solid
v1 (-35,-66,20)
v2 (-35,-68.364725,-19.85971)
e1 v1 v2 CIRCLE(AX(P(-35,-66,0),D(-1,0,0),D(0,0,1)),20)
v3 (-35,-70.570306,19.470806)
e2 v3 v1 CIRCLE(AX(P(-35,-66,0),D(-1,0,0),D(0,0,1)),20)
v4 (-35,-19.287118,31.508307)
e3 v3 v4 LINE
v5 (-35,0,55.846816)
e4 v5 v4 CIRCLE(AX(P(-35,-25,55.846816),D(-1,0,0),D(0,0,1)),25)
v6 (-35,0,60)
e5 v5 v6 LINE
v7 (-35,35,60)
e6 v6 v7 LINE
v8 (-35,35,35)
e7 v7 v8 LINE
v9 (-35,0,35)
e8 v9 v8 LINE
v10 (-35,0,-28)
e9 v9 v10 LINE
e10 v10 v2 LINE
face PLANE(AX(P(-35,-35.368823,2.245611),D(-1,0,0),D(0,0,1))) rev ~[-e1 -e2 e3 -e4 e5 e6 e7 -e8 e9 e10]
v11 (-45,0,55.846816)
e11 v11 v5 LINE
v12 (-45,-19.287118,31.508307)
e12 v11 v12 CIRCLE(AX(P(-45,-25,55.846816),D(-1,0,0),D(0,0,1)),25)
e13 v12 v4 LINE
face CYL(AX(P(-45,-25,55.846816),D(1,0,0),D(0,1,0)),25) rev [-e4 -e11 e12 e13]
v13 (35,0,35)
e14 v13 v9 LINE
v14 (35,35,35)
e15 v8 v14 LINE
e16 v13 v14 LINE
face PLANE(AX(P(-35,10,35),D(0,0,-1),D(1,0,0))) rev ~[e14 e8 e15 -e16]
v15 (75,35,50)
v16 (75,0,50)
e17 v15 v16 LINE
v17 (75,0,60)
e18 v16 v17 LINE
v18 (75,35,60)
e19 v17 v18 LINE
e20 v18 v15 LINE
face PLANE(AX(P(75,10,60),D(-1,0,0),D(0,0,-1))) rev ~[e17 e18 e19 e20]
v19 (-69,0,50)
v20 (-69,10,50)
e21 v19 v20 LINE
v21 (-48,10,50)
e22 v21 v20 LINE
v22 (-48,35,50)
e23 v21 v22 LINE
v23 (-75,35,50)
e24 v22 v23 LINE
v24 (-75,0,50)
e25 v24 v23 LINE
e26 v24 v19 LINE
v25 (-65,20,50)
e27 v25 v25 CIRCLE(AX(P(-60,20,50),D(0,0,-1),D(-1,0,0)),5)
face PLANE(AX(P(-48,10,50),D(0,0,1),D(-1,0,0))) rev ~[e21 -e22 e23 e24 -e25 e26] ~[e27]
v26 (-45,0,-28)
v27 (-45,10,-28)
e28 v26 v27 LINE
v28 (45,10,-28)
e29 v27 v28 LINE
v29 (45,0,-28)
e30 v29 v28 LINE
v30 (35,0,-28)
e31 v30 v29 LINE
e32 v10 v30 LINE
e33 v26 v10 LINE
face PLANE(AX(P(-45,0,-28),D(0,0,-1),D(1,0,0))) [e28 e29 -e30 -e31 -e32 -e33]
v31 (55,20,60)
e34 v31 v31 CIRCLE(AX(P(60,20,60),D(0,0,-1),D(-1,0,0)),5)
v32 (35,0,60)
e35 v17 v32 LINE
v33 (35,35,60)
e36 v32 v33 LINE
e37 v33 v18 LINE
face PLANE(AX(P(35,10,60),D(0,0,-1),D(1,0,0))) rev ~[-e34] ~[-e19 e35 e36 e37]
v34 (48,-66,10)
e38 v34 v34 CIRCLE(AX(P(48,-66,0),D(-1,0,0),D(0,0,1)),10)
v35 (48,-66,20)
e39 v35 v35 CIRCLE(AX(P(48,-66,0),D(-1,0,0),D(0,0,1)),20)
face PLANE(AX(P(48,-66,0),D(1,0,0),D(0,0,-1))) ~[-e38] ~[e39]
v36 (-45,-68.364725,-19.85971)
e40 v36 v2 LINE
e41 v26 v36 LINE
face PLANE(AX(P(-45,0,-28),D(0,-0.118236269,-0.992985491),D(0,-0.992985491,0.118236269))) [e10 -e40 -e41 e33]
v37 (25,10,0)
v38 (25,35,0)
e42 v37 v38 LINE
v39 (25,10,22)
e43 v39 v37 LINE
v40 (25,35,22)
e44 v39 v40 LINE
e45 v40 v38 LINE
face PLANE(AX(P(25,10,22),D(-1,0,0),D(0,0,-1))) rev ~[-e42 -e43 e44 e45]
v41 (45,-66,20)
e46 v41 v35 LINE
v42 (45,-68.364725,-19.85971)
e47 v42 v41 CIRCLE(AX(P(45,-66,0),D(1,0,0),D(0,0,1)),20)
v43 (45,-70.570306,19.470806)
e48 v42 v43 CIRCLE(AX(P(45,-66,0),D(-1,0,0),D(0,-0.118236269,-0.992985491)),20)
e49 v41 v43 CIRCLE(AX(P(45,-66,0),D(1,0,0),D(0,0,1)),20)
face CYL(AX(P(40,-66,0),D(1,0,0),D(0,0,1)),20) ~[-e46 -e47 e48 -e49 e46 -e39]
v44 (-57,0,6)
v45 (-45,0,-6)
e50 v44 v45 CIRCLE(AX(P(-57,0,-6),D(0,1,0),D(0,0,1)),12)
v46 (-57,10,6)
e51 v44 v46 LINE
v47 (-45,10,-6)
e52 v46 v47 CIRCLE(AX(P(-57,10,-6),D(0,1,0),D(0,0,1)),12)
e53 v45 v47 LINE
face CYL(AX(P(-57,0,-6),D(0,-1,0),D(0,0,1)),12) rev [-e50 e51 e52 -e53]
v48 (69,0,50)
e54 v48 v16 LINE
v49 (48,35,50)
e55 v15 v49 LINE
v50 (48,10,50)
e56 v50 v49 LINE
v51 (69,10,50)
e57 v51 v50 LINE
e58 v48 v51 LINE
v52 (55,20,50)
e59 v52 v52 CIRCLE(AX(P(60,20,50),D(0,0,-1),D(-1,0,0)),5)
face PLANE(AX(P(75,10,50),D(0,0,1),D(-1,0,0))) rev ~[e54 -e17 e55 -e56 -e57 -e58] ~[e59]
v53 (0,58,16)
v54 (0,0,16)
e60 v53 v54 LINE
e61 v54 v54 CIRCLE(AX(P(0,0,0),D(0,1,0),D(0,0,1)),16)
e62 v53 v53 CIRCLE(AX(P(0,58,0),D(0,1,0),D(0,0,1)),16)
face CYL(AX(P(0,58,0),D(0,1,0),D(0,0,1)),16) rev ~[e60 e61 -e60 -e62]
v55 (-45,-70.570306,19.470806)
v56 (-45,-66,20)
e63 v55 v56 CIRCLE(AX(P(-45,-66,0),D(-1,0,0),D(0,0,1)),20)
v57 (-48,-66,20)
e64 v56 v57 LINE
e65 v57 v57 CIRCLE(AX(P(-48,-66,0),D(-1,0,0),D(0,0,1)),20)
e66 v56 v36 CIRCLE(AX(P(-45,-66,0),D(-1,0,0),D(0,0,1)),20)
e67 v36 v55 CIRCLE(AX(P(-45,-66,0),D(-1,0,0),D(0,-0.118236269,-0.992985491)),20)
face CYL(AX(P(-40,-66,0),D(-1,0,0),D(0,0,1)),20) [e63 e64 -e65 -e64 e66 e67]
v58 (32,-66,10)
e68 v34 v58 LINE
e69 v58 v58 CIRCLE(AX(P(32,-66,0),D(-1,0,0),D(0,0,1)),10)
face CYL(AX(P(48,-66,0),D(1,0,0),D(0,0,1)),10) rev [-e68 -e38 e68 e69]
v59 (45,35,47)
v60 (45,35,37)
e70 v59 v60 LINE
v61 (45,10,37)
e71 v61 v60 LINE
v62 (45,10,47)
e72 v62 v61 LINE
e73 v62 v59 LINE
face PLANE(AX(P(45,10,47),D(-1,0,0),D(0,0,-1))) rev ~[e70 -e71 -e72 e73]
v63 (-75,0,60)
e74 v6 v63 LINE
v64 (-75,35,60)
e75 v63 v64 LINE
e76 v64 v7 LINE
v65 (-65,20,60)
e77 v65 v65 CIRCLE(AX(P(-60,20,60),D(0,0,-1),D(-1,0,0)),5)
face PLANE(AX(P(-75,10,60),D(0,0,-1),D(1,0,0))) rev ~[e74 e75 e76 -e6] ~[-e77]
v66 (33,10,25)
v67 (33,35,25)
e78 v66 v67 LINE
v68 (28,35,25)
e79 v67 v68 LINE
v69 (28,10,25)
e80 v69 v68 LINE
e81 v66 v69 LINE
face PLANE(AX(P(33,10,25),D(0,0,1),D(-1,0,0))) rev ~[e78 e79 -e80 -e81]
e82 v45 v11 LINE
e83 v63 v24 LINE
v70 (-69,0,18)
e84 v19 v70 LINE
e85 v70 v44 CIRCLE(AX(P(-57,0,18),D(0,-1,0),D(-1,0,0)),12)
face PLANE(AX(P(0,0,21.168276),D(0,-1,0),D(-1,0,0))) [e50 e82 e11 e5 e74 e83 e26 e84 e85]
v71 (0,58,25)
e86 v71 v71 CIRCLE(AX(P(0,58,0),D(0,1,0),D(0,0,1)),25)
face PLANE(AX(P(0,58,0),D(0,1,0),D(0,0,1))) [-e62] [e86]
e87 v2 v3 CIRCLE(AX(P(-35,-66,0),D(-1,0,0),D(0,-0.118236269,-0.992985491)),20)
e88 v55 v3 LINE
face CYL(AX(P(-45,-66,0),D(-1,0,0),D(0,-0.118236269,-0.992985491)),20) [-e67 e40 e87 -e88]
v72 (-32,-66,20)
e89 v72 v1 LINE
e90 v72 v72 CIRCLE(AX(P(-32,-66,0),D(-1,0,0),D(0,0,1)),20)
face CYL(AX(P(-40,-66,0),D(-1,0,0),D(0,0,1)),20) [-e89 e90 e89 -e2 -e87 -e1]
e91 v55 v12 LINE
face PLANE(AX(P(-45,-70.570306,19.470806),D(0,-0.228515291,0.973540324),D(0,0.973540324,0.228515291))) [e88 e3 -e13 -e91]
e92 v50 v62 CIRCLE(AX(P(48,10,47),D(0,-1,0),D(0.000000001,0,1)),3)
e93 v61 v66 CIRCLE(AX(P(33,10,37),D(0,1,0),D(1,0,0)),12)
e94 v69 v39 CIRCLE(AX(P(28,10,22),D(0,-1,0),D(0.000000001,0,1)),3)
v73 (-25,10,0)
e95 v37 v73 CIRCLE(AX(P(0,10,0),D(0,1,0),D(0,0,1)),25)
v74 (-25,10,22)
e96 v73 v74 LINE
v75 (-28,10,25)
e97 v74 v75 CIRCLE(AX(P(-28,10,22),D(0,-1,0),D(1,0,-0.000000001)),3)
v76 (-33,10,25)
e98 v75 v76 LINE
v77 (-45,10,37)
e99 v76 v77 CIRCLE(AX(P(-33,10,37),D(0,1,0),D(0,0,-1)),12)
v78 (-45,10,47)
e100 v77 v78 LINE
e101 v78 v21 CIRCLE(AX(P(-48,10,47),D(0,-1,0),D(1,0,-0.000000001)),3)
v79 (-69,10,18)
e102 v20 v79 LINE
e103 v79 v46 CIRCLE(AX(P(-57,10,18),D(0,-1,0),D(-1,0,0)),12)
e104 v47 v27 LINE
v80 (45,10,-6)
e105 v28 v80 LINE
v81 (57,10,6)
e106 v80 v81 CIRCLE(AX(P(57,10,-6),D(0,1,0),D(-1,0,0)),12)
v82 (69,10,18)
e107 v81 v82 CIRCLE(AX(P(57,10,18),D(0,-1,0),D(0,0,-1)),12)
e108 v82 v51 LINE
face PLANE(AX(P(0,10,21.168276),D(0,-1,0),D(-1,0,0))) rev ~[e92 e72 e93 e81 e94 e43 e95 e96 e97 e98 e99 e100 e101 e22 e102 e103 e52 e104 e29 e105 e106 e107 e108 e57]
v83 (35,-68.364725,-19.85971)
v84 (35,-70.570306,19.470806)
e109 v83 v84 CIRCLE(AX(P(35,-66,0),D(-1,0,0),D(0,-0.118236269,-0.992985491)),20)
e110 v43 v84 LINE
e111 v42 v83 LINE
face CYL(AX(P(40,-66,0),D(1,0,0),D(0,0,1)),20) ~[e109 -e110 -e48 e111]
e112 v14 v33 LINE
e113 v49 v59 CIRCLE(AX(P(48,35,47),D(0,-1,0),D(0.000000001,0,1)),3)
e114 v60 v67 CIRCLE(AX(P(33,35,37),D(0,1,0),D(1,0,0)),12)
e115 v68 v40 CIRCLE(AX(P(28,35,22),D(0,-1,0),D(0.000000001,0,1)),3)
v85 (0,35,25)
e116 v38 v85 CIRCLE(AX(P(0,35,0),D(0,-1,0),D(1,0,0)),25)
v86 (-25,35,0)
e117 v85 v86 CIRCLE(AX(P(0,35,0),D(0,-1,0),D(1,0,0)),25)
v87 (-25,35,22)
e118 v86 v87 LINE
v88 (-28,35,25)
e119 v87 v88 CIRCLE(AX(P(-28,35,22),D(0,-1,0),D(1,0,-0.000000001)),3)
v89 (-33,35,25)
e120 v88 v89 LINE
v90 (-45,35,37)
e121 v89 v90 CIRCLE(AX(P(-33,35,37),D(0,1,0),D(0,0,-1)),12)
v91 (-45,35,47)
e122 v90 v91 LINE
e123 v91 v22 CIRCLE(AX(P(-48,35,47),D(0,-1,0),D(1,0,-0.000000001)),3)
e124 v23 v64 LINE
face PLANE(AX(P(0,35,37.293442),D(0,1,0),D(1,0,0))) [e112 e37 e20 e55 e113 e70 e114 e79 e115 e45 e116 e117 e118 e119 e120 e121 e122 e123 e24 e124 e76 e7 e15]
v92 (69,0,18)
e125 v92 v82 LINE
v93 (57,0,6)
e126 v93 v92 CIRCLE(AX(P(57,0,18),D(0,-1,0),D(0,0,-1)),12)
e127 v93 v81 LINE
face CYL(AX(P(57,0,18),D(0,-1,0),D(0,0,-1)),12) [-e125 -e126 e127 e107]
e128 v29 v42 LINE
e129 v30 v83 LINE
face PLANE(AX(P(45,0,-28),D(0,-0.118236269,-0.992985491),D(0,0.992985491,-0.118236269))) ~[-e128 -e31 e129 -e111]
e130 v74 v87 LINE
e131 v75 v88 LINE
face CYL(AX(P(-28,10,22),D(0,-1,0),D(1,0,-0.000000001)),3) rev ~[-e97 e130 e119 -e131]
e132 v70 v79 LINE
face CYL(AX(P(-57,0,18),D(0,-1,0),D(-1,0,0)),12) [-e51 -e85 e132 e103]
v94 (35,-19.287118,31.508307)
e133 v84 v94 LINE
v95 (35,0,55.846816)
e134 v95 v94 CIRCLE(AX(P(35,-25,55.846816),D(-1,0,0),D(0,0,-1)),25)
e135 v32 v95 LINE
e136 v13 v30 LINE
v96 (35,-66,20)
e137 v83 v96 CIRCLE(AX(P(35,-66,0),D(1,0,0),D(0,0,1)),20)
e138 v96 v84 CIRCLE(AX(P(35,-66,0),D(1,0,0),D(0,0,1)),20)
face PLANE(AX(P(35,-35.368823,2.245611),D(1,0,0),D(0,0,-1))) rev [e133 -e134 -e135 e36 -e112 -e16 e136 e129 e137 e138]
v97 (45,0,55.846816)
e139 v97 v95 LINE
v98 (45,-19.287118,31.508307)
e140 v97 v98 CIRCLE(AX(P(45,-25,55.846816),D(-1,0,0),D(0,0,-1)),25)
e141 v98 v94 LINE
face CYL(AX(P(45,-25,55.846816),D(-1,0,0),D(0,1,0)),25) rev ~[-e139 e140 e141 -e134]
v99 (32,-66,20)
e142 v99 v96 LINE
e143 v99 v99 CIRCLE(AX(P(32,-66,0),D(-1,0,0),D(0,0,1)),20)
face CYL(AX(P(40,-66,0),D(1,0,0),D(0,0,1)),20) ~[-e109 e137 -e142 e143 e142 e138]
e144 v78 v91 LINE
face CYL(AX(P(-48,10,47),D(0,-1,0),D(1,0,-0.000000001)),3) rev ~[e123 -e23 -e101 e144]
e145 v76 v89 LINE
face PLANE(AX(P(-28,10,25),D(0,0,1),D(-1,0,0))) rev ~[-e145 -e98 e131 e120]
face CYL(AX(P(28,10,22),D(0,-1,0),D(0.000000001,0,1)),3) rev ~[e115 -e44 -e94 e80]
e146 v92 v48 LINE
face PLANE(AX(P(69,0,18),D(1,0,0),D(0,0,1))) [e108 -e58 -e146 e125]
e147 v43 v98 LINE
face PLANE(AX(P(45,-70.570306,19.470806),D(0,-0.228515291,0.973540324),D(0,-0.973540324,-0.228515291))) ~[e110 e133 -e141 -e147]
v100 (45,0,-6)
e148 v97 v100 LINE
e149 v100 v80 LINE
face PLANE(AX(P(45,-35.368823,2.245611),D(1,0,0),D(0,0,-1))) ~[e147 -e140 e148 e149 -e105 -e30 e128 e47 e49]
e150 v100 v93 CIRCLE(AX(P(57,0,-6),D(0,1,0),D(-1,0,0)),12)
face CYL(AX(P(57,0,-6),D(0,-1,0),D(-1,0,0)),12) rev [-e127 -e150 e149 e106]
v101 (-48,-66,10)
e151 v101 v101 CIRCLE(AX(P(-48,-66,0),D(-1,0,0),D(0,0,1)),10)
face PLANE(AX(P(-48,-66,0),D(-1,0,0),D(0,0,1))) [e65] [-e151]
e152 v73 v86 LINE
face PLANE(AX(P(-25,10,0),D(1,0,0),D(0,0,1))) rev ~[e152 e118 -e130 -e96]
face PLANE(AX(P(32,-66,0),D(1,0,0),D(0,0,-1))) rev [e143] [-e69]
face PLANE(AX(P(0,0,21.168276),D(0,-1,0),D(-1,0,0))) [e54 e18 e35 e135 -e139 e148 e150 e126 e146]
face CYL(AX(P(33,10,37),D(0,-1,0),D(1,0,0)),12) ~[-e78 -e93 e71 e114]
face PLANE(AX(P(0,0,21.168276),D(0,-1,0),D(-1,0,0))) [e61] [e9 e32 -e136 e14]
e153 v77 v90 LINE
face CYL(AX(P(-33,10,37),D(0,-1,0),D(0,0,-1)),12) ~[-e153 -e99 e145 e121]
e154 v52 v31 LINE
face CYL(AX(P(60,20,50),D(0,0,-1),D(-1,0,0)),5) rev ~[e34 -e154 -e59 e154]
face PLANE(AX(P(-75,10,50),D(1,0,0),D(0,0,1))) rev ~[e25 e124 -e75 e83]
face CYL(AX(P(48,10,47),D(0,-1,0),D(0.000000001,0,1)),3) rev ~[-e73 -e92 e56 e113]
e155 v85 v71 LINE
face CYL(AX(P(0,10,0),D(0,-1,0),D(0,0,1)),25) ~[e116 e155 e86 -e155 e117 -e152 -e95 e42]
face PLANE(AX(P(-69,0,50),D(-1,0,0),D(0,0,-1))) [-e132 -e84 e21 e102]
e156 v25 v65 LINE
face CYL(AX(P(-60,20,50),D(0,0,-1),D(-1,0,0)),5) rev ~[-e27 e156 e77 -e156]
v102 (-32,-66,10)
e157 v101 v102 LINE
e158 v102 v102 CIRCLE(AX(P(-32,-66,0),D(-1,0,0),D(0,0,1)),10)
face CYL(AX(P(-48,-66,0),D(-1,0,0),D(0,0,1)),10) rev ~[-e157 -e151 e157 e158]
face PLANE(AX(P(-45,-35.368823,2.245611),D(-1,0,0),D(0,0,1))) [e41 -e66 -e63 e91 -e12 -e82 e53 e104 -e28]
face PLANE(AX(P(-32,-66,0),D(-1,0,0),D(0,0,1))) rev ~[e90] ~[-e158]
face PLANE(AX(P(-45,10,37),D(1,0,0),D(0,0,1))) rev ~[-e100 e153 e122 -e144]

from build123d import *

# Parameters (mm, degrees)
BOSS_EXTRUDE1_DEPTH  = 10
SKETCH2_R            = 25
BOSS_EXTRUDE2_DEPTH  = 48
SKETCH3_R            = 16
CUT_EXTRUDE1_DEPTH   = 59
BOSS_EXTRUDE3_DEPTH  = 25
BOSS_EXTRUDE5_DEPTH  = 10
SKETCH6_R            = 20
BOSS_EXTRUDE6_DEPTH  = 8
SKETCH7_R            = 10
CUT_EXTRUDE2_DEPTH   = 16
FILLET1_R            = 25
FILLET1_OF_MIRROR1_R = 25
CUT_EXTRUDE3_REACH   = 12
SKETCH8_R            = 5


with BuildPart() as part:
    # Sketch1 → Boss-Extrude1 (new body)
    with BuildSketch(Plane(origin=(0, 0, 0), x_dir=(1, 0, 0), z_dir=(0, 1, 0))):
        with BuildLine():
            Line((-45, 28), (45, 28))
            Line((45, 28), (45, 6))
            ThreePointArc((45, 6), (48.514718626, -2.485281374), (57, -6))
            ThreePointArc((57, -6), (65.485281374, -9.514718626), (69, -18))
            Line((69, -18), (69, -50))
            Line((69, -50), (75, -50))
            Line((75, -50), (75, -60))
            Line((75, -60), (35, -60))
            Line((35, -60), (35, -35))
            Line((35, -35), (-35, -35))
            Line((-35, -35), (-35, -60))
            Line((-35, -60), (-75, -60))
            Line((-75, -60), (-75, -50))
            Line((-75, -50), (-69, -50))
            Line((-69, -50), (-69, -18))
            ThreePointArc((-69, -18), (-65.485281374, -9.514718626), (-57, -6))
            ThreePointArc((-57, -6), (-48.514718626, -2.485281374), (-45, 6))
            Line((-45, 6), (-45, 28))
        make_face()
    extrude(amount=BOSS_EXTRUDE1_DEPTH)

    # Sketch2 → Boss-Extrude2 (add)
    with BuildSketch(Plane(origin=(0, 10, 0), x_dir=(1, 0, 0), z_dir=(0, 1, 0))):
        with Locations(Location((0, 0, 0), (0, 0, 270))):  # turned: the seam where the file's is
            Circle(SKETCH2_R)
    extrude(amount=BOSS_EXTRUDE2_DEPTH)

    # Sketch3 → Cut-Extrude1 (cut, through all)
    with BuildSketch(Plane(origin=(0, 58, 0), x_dir=(1, 0, 0), z_dir=(0, 1, 0))):
        with Locations(Location((0, 0, 0), (0, 0, 270))):  # turned: the seam where the file's is
            Circle(SKETCH3_R)
    extrude(amount=-CUT_EXTRUDE1_DEPTH, mode=Mode.SUBTRACT)

    # Sketch4 → Boss-Extrude3 (add)
    with BuildSketch(Plane(origin=(0, 10, 0), x_dir=(1, 0, 0), z_dir=(0, 1, 0))):
        with BuildLine():
            Line((-25, 0), (-25, -22))
            ThreePointArc((-25, -22), (-25.878679656, -24.121320344), (-28, -25))
            Line((-28, -25), (-33, -25))
            ThreePointArc((-33, -25), (-41.485281374, -28.514718626), (-45, -37))
            Line((-45, -37), (-45, -47))
            ThreePointArc((-45, -47), (-45.878679656, -49.121320344), (-48, -50))
            Line((-48, -50), (-75, -50))
            Line((-75, -50), (-75, -60))
            Line((-75, -60), (-35, -60))
            Line((-35, -60), (-35, -35))
            Line((-35, -35), (35, -35))
            Line((35, -35), (35, -60))
            Line((35, -60), (75, -60))
            Line((75, -60), (75, -50))
            Line((75, -50), (48, -50))
            ThreePointArc((48, -50), (45.878679656, -49.121320344), (45, -47))
            Line((45, -47), (45, -37))
            ThreePointArc((45, -37), (41.485281374, -28.514718626), (33, -25))
            Line((33, -25), (28, -25))
            ThreePointArc((28, -25), (25.878679656, -24.121320344), (25, -22))
            Line((25, -22), (25, 0))
            ThreePointArc((25, 0), (0, -25), (-25, 0))
        make_face()
    extrude(amount=BOSS_EXTRUDE3_DEPTH)

    # Sketch5 → Boss-Extrude5 (add)
    with BuildSketch(Plane.ZY.offset(45)):
        with BuildLine():
            Line((-28, 0), (-19.859709814, -68.364725376))
            ThreePointArc((-19.859709814, -68.364725376), (-1.119802535, -85.96862645), (19.470806475, -70.570305811))
            Line((19.470806475, -70.570305811), (36.035496755, 0))
            Line((36.035496755, 0), (-28, 0))
        make_face()
    boss_extrude5 = extrude(amount=-BOSS_EXTRUDE5_DEPTH)

    # Sketch6 → Boss-Extrude6 (add, symmetric)
    with BuildSketch(Plane.ZY.offset(40)):
        with Locations((0, -66)):
            Circle(SKETCH6_R)
    boss_extrude6 = extrude(amount=BOSS_EXTRUDE6_DEPTH, both=True)

    # Sketch7 → Cut-Extrude2 (cut)
    with BuildSketch(Plane.ZY.offset(48)):
        with Locations((0, -66)):
            Circle(SKETCH7_R)
    cut_extrude2 = extrude(amount=-CUT_EXTRUDE2_DEPTH, mode=Mode.SUBTRACT)

    # Fillet1
    fillet1_edges = [part.edges().sort_by_distance(p)[0] for p in [
        (-40, 0, 36.035496755),
    ]]
    fillet(fillet1_edges, radius=FILLET1_R)

    # Mirror1: Boss-Extrude5, Boss-Extrude6, Cut-Extrude2 across plane
    add(boss_extrude5.mirror(Plane(origin=(0, 0, 0), x_dir=(0, 0, 1), z_dir=(1, 0, 0))))
    add(boss_extrude6.mirror(Plane(origin=(0, 0, 0), x_dir=(0, 0, 1), z_dir=(1, 0, 0))))
    add(cut_extrude2.mirror(Plane(origin=(0, 0, 0), x_dir=(0, 0, 1), z_dir=(1, 0, 0))), mode=Mode.SUBTRACT)

    # Fillet1 of Mirror1
    fillet1_of_mirror1_edges = [part.edges().sort_by_distance(p)[0] for p in [
        (40, 0, 36.035496755),
    ]]
    fillet(fillet1_of_mirror1_edges, radius=FILLET1_OF_MIRROR1_R)

    # Sketch8 → Cut-Extrude3 (cut, up to next)
    with BuildSketch(Plane(origin=(0, 0, 50), x_dir=(-1, 0, 0), z_dir=(0, 0, -1)), mode=Mode.PRIVATE) as cut_extrude3_sk1:
        with Locations((-60, 20)):
            Circle(SKETCH8_R)
    cut_extrude3_tool1 = extrude(cut_extrude3_sk1.sketch, amount=-CUT_EXTRUDE3_REACH, mode=Mode.PRIVATE) & part.part
    add(cut_extrude3_tool1.solids().sort_by_distance((60, 20, 50))[0], mode=Mode.SUBTRACT)
    # Sketch8 → Cut-Extrude3 (cut, up to next)
    with BuildSketch(Plane(origin=(0, 0, 50), x_dir=(-1, 0, 0), z_dir=(0, 0, -1)), mode=Mode.PRIVATE) as cut_extrude3_sk2:
        with Locations((60, 20)):
            Circle(SKETCH8_R)
    cut_extrude3_tool2 = extrude(cut_extrude3_sk2.sketch, amount=-CUT_EXTRUDE3_REACH, mode=Mode.PRIVATE) & part.part
    add(cut_extrude3_tool2.solids().sort_by_distance((-60, 20, 50))[0], mode=Mode.SUBTRACT)


solid = part.part
